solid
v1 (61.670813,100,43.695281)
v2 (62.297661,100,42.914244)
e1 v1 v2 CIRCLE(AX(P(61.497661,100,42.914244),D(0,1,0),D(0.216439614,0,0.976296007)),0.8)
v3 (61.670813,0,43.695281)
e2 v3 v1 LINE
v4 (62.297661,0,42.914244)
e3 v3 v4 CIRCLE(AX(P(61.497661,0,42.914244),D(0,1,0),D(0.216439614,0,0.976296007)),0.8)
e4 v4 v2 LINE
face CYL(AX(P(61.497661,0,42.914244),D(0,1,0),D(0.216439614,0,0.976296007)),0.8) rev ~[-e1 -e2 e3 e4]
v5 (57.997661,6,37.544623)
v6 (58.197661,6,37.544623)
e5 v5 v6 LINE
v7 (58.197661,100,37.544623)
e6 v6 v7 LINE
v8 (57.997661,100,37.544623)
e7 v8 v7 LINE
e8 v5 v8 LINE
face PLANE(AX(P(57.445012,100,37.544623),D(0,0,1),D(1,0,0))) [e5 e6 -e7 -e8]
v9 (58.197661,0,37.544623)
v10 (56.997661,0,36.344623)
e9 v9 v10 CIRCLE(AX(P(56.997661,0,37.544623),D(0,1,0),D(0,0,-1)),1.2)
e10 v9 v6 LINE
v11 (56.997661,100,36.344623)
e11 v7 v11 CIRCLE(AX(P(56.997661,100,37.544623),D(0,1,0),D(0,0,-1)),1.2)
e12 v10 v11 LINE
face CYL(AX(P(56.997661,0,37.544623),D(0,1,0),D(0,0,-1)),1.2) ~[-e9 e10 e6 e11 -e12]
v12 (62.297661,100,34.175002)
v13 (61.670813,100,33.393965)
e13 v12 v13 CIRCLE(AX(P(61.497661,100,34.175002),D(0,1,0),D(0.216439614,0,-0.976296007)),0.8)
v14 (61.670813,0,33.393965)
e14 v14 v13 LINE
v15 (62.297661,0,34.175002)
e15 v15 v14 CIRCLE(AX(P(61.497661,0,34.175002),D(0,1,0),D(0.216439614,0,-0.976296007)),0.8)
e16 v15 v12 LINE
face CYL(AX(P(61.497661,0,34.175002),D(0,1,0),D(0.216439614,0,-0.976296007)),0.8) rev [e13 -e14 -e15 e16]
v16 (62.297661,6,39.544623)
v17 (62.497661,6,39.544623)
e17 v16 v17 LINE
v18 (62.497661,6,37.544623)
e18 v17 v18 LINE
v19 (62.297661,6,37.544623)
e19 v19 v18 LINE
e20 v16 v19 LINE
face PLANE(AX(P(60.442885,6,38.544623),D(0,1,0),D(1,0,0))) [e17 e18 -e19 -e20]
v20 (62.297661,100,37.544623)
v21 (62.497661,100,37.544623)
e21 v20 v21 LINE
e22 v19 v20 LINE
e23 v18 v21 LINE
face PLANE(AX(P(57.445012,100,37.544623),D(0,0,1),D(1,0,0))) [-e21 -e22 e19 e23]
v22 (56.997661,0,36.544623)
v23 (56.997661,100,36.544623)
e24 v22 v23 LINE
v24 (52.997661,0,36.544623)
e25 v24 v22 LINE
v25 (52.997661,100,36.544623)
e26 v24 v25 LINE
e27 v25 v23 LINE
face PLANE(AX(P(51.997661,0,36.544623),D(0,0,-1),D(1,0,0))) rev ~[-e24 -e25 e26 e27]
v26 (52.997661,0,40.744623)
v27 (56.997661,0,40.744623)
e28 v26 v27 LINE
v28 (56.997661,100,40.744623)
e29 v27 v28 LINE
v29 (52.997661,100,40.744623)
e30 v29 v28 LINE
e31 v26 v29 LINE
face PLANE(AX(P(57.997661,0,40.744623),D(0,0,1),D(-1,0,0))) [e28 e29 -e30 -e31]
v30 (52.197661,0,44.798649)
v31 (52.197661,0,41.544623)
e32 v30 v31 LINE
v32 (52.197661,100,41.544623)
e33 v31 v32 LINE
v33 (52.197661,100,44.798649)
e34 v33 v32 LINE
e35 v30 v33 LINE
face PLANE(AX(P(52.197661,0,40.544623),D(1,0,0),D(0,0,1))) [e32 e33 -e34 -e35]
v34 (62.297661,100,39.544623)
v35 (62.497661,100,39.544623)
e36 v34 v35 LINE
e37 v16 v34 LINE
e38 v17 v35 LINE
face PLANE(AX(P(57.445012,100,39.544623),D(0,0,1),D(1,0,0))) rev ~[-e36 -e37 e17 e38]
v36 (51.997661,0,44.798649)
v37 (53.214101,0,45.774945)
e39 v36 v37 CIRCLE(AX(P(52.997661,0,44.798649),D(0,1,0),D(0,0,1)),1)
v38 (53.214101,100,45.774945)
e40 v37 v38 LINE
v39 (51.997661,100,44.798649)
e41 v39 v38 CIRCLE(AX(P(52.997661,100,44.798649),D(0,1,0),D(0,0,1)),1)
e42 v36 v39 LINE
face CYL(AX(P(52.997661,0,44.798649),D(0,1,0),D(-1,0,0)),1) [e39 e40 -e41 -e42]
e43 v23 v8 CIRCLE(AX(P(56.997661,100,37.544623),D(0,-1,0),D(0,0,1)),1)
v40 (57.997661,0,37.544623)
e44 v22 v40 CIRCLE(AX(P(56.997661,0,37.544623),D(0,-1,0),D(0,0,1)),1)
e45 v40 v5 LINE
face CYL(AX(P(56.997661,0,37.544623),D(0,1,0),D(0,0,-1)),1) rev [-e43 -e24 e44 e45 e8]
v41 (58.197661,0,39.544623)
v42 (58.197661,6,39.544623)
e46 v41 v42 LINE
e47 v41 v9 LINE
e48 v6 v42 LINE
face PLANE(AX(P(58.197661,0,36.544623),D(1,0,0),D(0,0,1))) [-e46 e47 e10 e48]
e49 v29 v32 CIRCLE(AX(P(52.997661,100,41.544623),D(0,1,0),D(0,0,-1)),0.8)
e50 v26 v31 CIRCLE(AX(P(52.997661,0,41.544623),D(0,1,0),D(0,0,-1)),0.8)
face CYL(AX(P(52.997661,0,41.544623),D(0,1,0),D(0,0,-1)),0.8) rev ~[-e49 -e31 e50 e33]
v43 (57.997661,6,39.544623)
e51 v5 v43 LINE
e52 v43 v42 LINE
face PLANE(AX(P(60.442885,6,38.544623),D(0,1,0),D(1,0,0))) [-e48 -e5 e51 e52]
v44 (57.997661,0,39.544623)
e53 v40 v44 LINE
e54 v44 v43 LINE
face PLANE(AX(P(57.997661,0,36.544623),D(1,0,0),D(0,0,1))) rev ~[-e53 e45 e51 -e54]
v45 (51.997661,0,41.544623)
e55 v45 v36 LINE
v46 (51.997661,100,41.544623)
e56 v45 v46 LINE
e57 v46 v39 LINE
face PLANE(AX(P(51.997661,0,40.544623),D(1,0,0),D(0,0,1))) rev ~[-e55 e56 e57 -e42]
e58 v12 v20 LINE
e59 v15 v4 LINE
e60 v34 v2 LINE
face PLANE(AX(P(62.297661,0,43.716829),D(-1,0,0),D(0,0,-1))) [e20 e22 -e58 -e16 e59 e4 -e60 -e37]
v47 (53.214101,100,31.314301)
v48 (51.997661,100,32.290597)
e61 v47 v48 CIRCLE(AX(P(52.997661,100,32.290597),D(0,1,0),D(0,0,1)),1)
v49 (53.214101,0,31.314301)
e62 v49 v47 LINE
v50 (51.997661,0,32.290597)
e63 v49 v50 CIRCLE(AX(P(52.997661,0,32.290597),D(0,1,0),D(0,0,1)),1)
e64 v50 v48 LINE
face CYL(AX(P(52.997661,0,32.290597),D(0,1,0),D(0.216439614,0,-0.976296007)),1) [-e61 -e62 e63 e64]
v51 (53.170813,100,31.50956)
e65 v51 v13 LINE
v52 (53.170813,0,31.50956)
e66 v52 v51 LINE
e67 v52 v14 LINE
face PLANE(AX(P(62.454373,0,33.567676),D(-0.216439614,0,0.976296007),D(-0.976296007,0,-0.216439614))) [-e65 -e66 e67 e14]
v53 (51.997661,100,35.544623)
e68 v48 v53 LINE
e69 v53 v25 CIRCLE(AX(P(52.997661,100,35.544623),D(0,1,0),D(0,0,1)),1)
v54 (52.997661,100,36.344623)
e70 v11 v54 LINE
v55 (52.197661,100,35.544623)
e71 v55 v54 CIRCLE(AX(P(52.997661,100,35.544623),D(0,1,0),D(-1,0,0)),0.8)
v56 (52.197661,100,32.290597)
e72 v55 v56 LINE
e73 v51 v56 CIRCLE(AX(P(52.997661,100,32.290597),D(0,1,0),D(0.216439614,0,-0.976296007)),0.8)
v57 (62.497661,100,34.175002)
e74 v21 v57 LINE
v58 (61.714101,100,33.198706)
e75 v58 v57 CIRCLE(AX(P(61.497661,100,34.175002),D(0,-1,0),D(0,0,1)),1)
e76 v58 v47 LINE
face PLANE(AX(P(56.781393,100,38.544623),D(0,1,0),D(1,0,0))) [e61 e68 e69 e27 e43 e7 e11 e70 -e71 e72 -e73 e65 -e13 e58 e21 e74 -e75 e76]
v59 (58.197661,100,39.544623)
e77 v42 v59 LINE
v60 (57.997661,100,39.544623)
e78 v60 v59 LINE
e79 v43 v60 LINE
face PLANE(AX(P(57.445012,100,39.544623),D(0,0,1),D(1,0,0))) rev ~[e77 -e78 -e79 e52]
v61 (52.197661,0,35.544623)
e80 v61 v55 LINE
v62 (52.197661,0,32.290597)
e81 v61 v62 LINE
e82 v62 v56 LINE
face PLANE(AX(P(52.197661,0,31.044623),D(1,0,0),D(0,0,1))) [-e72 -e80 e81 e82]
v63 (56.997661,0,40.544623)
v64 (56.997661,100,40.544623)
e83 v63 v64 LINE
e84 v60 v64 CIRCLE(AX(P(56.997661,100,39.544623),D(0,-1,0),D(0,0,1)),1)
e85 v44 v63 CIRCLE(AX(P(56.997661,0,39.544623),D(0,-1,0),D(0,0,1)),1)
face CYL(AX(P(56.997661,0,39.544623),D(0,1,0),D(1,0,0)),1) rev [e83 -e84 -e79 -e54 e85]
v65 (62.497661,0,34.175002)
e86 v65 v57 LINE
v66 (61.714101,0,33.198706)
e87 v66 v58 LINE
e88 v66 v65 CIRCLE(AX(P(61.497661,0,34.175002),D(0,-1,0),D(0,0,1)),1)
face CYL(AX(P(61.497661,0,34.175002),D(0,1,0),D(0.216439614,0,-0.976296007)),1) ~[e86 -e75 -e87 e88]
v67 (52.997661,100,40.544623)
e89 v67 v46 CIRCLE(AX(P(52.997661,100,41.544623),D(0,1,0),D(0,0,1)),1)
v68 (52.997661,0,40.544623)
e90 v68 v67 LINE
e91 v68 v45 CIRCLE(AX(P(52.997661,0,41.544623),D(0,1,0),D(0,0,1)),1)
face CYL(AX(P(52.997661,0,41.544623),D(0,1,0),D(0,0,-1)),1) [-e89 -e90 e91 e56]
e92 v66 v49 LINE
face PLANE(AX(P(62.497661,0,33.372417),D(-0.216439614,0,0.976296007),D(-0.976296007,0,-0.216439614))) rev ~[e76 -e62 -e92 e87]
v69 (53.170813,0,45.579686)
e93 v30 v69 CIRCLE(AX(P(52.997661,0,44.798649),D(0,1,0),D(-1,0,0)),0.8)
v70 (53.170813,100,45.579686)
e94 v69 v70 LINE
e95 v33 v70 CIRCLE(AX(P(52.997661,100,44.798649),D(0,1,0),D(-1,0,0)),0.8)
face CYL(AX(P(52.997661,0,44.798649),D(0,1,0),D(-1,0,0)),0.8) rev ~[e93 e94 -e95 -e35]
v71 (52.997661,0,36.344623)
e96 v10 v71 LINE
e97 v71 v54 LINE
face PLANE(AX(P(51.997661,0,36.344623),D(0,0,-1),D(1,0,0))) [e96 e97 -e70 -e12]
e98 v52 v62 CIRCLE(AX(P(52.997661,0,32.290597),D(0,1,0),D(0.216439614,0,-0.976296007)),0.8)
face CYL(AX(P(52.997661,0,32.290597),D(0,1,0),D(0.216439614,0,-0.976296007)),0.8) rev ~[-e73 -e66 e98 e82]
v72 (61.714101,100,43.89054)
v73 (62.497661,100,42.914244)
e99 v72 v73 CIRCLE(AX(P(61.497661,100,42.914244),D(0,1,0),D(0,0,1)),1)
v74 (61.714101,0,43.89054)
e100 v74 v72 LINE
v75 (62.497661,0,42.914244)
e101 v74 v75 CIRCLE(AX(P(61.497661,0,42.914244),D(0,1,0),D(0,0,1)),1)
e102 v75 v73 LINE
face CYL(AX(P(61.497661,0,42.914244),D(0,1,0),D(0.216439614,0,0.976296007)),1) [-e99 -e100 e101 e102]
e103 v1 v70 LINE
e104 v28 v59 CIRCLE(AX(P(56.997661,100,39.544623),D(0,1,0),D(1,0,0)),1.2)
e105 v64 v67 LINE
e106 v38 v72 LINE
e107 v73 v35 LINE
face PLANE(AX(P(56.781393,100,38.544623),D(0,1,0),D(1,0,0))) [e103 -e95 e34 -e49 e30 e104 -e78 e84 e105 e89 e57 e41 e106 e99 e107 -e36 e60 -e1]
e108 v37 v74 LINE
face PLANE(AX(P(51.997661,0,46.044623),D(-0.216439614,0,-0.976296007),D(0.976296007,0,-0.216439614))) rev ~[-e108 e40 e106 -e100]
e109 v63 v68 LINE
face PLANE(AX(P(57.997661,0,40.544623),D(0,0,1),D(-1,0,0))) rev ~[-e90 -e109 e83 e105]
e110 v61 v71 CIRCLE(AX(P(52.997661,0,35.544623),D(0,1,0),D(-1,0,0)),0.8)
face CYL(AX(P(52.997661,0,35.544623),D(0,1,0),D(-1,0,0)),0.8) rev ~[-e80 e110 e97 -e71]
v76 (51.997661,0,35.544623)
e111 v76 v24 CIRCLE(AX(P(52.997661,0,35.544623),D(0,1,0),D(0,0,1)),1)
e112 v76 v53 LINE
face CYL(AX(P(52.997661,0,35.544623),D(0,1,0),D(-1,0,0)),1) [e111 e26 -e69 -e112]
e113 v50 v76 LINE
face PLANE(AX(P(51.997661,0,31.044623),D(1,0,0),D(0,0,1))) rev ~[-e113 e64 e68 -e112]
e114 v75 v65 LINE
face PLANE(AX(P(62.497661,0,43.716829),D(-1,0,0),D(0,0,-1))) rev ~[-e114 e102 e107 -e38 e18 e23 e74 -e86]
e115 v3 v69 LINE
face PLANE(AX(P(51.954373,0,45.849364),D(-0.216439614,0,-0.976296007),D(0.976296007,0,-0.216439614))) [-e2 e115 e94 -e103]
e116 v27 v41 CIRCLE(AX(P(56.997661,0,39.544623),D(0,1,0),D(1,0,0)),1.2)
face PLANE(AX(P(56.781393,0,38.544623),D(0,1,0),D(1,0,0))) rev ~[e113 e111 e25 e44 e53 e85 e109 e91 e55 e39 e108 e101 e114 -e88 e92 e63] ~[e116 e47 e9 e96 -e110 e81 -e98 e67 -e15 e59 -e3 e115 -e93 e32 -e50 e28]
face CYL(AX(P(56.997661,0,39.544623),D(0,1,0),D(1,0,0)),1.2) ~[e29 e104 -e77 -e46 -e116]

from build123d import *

# Parameters (mm, degrees)
BOSS_EXTRUDE1_DEPTH = 100
FILLET1_R           = 1
SHELL3_T            = -0.2
SKETCH2_W           = 5.995745437
SKETCH2_H           = 2
CUT_EXTRUDE1_DEPTH  = 94


with BuildPart() as part:
    # Sketch1 → Boss-Extrude1 (new body)
    with BuildSketch(Plane(origin=(0, 0, 0), x_dir=(1, 0, 0), z_dir=(0, 1, 0))):
        Polygon((62.497660956, -33.372417048), (51.997660956, -31.04462309), (51.997660956, -36.54462309), (57.997660956, -36.54462309), (57.997660956, -40.54462309), (51.997660956, -40.54462309), (51.997660956, -46.04462309), (62.497660956, -43.716829132), align=None)
    extrude(amount=BOSS_EXTRUDE1_DEPTH)

    # Fillet1
    fillet1_edges = [part.edges().sort_by_distance(p)[0] for p in [
        (62.497660956, 50, 43.716829132),
        (51.997660956, 50, 46.04462309),
        (51.997660956, 50, 40.54462309),
        (57.997660956, 50, 40.54462309),
        (57.997660956, 50, 36.54462309),
        (51.997660956, 50, 36.54462309),
        (51.997660956, 50, 31.04462309),
        (62.497660956, 50, 33.372417048),
    ]]
    fillet(fillet1_edges, radius=FILLET1_R)

    # Shell3
    shell3_openings = [part.faces().sort_by_distance(p)[0] for p in [
        (57.425338322, 100, 32.431348777),
        (57.425338322, 0, 32.431348777),
    ]]
    offset(amount=SHELL3_T, openings=shell3_openings, kind=Kind.INTERSECTION)

    # Sketch2 → Cut-Extrude1 (cut)
    with BuildSketch(Plane(origin=(0, 100, 0), x_dir=(1, 0, 0), z_dir=(0, 1, 0))):
        with Locations((60.442884904, -38.54462309)):
            Rectangle(SKETCH2_W, SKETCH2_H)
    extrude(amount=-CUT_EXTRUDE1_DEPTH, mode=Mode.SUBTRACT)


solid = part.part
